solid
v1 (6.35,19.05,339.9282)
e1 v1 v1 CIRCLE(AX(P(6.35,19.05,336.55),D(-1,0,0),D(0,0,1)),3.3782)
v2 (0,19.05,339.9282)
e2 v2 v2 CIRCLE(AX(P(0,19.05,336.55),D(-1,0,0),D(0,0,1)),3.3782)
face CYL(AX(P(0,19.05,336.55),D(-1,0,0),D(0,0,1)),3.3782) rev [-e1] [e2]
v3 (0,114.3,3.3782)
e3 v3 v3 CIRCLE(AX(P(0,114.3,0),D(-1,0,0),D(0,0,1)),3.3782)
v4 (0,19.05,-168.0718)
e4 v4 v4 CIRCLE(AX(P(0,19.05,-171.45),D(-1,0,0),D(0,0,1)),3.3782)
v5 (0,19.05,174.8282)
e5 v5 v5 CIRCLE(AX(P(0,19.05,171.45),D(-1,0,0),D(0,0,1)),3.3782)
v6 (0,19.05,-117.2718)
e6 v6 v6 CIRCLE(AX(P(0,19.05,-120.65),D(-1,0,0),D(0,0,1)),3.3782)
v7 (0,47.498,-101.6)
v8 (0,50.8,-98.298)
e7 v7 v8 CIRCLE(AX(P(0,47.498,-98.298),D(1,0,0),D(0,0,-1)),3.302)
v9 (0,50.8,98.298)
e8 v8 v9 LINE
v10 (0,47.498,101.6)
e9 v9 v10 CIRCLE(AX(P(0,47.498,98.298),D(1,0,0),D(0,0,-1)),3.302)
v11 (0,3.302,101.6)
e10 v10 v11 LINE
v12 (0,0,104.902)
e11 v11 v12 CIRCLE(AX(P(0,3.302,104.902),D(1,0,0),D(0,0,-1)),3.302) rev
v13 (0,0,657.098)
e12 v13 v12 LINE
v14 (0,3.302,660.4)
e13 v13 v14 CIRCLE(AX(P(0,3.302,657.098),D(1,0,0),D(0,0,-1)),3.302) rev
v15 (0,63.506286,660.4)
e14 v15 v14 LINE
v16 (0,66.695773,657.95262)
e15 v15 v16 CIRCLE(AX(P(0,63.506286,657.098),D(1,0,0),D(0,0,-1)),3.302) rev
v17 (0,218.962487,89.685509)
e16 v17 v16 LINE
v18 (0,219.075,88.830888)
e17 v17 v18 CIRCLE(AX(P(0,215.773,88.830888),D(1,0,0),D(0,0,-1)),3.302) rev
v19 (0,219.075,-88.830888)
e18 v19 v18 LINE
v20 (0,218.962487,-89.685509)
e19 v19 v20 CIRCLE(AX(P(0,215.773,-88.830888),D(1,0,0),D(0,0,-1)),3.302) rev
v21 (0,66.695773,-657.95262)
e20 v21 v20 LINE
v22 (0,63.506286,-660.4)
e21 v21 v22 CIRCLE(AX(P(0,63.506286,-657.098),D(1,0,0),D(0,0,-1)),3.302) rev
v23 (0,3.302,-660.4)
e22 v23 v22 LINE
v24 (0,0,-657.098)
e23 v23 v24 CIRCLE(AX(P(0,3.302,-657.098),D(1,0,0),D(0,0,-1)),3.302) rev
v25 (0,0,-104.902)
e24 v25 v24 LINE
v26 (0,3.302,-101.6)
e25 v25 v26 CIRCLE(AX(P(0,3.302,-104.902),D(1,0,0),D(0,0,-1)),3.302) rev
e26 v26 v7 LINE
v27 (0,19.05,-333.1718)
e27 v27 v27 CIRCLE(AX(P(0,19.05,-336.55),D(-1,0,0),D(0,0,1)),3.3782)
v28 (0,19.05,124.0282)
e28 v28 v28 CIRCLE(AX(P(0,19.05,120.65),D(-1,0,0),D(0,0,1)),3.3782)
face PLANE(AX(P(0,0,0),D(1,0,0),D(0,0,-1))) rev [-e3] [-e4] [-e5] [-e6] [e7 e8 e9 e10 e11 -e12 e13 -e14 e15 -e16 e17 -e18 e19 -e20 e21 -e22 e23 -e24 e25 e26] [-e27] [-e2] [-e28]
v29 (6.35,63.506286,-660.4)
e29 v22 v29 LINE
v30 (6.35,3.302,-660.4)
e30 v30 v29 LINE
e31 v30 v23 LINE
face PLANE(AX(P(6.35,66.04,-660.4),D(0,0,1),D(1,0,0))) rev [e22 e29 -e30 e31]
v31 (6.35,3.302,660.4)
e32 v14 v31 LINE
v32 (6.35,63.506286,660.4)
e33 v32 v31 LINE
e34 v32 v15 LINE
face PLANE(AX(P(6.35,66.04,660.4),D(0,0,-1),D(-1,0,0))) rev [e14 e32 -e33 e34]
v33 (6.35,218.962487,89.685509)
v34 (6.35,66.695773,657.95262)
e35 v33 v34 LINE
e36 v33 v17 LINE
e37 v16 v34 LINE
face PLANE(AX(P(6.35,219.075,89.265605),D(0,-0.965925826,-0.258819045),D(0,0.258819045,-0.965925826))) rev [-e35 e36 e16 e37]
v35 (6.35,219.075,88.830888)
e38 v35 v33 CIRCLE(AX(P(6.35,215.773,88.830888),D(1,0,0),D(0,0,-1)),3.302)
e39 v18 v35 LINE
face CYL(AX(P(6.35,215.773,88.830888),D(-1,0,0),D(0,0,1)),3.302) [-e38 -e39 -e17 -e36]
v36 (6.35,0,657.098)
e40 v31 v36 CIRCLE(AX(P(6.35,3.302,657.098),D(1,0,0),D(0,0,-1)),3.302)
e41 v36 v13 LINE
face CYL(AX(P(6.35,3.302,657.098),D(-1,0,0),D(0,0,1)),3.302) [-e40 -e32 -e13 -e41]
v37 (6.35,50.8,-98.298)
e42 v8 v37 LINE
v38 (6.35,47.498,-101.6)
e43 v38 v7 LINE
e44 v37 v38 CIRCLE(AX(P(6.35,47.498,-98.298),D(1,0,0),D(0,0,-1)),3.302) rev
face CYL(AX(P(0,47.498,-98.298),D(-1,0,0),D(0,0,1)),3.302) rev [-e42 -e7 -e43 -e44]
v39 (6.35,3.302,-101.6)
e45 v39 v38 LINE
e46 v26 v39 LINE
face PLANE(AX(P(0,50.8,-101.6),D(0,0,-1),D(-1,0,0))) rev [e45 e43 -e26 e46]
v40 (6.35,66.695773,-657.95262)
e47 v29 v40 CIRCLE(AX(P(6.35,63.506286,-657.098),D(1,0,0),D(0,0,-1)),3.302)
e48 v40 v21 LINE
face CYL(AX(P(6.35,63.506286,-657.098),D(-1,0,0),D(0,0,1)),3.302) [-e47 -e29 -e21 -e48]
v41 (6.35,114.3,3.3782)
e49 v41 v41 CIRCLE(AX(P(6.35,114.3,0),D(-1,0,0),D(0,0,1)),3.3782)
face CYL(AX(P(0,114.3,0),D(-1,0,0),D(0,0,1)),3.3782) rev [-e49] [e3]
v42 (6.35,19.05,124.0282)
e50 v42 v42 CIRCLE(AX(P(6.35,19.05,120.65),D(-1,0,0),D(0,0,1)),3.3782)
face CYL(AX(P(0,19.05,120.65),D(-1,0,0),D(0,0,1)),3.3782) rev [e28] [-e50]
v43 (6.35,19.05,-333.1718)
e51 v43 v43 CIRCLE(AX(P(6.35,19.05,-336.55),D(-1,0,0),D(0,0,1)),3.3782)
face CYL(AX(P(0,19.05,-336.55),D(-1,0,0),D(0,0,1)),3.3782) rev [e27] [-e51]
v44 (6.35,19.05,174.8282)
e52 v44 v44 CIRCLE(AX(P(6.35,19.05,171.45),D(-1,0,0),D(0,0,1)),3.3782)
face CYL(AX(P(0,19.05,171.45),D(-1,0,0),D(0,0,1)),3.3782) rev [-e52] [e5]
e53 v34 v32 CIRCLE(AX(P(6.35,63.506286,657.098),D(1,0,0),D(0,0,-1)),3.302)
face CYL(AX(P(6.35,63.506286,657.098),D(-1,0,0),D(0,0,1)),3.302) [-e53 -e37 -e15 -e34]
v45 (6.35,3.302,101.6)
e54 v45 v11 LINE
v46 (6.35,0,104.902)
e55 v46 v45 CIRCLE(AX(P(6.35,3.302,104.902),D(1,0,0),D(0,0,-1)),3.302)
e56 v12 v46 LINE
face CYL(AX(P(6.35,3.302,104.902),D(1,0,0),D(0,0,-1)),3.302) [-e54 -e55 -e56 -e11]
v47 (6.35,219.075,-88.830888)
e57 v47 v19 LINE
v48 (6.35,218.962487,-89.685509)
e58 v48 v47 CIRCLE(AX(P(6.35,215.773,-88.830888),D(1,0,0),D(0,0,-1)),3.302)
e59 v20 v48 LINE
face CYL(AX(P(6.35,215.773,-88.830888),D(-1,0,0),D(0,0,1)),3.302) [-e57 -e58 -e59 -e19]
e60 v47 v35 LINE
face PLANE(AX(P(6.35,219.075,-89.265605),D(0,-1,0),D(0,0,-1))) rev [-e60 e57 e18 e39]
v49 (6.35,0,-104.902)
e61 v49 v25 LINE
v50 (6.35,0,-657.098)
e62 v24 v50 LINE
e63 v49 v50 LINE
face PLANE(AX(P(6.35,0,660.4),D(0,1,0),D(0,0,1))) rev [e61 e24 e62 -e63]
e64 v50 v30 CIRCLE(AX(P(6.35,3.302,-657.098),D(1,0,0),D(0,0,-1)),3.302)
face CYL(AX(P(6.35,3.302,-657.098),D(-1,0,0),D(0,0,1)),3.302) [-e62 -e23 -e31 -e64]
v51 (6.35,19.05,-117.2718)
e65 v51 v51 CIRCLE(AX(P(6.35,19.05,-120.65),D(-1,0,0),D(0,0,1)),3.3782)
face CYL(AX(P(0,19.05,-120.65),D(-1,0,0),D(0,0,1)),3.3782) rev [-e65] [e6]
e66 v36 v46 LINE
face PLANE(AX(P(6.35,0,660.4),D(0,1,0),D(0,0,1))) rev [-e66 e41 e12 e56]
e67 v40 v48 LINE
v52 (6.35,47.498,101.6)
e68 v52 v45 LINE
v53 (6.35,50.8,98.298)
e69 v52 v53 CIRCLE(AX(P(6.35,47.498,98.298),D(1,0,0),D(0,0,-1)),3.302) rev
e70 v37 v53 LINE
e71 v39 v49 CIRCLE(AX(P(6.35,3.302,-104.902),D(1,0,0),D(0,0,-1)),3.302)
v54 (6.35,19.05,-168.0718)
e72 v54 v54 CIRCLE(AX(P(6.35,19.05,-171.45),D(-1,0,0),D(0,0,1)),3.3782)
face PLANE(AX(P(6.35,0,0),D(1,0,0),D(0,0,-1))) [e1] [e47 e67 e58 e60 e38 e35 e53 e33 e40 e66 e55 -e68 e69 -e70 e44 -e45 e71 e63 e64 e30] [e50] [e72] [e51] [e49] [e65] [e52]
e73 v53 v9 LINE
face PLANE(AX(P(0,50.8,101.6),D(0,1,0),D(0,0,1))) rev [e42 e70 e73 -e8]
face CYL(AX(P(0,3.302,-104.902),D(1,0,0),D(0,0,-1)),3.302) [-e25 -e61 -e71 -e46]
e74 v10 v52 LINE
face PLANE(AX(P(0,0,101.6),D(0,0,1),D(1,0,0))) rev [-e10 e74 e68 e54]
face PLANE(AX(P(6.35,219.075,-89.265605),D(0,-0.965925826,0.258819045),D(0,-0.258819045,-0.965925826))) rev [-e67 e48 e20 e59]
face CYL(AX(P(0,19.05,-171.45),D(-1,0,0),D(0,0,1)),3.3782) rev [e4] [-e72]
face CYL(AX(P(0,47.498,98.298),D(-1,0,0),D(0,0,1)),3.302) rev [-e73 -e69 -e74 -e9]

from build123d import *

# Parameters (mm, degrees)
BOSS_EXTRUDE1_DEPTH     = 6.35
SKETCH2_W               = 203.2
SKETCH2_H               = 50.8
CUT_EXTRUDE1_DEPTH      = 696.81774778
F_1_4_CLEARANCE_HOLE1_D = 6.7564
FILLET1_R               = 3.302


with BuildPart() as part:
    # Sketch1 → Boss-Extrude1 (new body)
    with BuildSketch(Plane(origin=(0, 0, 0), x_dir=(0, 0, -1), z_dir=(1, 0, 0))):
        Polygon((89.265604664, 219.075), (-89.265604664, 219.075), (-660.4, 66.04), (-660.4, 0), (660.4, 0), (660.4, 66.04), align=None)
    extrude(amount=BOSS_EXTRUDE1_DEPTH)

    # Sketch2 → Cut-Extrude1 (cut, through all)
    with BuildSketch(Plane(origin=(6.35, 0, 0), x_dir=(0, 0, -1), z_dir=(1, 0, 0))):
        with Locations((0, 25.4)):
            Rectangle(SKETCH2_W, SKETCH2_H)
    extrude(amount=-CUT_EXTRUDE1_DEPTH, mode=Mode.SUBTRACT)

    # 1/4 Clearance Hole1 (through all)
    with Locations(Plane.ZY):
        with Locations((-336.55, 19.05), (-120.65, 19.05), (120.65, 19.05), (336.55, 19.05), (0, 114.3), (-171.45, 19.05), (171.45, 19.05)):
            Hole(F_1_4_CLEARANCE_HOLE1_D / 2)

    # Fillet1
    fillet1_edges = [part.edges().sort_by_distance(p)[0] for p in [
        (3.175, 66.04, 660.4),
        (3.175, 219.075, 89.265604664),
        (3.175, 219.075, -89.265604664),
        (3.175, 66.04, -660.4),
        (3.175, 0, -660.4),
        (3.175, 0, 660.4),
        (3.175, 0, -101.6),
        (3.175, 0, 101.6),
        (3.175, 50.8, 101.6),
        (3.175, 50.8, -101.6),
    ]]
    fillet(fillet1_edges, radius=FILLET1_R)


solid = part.part
